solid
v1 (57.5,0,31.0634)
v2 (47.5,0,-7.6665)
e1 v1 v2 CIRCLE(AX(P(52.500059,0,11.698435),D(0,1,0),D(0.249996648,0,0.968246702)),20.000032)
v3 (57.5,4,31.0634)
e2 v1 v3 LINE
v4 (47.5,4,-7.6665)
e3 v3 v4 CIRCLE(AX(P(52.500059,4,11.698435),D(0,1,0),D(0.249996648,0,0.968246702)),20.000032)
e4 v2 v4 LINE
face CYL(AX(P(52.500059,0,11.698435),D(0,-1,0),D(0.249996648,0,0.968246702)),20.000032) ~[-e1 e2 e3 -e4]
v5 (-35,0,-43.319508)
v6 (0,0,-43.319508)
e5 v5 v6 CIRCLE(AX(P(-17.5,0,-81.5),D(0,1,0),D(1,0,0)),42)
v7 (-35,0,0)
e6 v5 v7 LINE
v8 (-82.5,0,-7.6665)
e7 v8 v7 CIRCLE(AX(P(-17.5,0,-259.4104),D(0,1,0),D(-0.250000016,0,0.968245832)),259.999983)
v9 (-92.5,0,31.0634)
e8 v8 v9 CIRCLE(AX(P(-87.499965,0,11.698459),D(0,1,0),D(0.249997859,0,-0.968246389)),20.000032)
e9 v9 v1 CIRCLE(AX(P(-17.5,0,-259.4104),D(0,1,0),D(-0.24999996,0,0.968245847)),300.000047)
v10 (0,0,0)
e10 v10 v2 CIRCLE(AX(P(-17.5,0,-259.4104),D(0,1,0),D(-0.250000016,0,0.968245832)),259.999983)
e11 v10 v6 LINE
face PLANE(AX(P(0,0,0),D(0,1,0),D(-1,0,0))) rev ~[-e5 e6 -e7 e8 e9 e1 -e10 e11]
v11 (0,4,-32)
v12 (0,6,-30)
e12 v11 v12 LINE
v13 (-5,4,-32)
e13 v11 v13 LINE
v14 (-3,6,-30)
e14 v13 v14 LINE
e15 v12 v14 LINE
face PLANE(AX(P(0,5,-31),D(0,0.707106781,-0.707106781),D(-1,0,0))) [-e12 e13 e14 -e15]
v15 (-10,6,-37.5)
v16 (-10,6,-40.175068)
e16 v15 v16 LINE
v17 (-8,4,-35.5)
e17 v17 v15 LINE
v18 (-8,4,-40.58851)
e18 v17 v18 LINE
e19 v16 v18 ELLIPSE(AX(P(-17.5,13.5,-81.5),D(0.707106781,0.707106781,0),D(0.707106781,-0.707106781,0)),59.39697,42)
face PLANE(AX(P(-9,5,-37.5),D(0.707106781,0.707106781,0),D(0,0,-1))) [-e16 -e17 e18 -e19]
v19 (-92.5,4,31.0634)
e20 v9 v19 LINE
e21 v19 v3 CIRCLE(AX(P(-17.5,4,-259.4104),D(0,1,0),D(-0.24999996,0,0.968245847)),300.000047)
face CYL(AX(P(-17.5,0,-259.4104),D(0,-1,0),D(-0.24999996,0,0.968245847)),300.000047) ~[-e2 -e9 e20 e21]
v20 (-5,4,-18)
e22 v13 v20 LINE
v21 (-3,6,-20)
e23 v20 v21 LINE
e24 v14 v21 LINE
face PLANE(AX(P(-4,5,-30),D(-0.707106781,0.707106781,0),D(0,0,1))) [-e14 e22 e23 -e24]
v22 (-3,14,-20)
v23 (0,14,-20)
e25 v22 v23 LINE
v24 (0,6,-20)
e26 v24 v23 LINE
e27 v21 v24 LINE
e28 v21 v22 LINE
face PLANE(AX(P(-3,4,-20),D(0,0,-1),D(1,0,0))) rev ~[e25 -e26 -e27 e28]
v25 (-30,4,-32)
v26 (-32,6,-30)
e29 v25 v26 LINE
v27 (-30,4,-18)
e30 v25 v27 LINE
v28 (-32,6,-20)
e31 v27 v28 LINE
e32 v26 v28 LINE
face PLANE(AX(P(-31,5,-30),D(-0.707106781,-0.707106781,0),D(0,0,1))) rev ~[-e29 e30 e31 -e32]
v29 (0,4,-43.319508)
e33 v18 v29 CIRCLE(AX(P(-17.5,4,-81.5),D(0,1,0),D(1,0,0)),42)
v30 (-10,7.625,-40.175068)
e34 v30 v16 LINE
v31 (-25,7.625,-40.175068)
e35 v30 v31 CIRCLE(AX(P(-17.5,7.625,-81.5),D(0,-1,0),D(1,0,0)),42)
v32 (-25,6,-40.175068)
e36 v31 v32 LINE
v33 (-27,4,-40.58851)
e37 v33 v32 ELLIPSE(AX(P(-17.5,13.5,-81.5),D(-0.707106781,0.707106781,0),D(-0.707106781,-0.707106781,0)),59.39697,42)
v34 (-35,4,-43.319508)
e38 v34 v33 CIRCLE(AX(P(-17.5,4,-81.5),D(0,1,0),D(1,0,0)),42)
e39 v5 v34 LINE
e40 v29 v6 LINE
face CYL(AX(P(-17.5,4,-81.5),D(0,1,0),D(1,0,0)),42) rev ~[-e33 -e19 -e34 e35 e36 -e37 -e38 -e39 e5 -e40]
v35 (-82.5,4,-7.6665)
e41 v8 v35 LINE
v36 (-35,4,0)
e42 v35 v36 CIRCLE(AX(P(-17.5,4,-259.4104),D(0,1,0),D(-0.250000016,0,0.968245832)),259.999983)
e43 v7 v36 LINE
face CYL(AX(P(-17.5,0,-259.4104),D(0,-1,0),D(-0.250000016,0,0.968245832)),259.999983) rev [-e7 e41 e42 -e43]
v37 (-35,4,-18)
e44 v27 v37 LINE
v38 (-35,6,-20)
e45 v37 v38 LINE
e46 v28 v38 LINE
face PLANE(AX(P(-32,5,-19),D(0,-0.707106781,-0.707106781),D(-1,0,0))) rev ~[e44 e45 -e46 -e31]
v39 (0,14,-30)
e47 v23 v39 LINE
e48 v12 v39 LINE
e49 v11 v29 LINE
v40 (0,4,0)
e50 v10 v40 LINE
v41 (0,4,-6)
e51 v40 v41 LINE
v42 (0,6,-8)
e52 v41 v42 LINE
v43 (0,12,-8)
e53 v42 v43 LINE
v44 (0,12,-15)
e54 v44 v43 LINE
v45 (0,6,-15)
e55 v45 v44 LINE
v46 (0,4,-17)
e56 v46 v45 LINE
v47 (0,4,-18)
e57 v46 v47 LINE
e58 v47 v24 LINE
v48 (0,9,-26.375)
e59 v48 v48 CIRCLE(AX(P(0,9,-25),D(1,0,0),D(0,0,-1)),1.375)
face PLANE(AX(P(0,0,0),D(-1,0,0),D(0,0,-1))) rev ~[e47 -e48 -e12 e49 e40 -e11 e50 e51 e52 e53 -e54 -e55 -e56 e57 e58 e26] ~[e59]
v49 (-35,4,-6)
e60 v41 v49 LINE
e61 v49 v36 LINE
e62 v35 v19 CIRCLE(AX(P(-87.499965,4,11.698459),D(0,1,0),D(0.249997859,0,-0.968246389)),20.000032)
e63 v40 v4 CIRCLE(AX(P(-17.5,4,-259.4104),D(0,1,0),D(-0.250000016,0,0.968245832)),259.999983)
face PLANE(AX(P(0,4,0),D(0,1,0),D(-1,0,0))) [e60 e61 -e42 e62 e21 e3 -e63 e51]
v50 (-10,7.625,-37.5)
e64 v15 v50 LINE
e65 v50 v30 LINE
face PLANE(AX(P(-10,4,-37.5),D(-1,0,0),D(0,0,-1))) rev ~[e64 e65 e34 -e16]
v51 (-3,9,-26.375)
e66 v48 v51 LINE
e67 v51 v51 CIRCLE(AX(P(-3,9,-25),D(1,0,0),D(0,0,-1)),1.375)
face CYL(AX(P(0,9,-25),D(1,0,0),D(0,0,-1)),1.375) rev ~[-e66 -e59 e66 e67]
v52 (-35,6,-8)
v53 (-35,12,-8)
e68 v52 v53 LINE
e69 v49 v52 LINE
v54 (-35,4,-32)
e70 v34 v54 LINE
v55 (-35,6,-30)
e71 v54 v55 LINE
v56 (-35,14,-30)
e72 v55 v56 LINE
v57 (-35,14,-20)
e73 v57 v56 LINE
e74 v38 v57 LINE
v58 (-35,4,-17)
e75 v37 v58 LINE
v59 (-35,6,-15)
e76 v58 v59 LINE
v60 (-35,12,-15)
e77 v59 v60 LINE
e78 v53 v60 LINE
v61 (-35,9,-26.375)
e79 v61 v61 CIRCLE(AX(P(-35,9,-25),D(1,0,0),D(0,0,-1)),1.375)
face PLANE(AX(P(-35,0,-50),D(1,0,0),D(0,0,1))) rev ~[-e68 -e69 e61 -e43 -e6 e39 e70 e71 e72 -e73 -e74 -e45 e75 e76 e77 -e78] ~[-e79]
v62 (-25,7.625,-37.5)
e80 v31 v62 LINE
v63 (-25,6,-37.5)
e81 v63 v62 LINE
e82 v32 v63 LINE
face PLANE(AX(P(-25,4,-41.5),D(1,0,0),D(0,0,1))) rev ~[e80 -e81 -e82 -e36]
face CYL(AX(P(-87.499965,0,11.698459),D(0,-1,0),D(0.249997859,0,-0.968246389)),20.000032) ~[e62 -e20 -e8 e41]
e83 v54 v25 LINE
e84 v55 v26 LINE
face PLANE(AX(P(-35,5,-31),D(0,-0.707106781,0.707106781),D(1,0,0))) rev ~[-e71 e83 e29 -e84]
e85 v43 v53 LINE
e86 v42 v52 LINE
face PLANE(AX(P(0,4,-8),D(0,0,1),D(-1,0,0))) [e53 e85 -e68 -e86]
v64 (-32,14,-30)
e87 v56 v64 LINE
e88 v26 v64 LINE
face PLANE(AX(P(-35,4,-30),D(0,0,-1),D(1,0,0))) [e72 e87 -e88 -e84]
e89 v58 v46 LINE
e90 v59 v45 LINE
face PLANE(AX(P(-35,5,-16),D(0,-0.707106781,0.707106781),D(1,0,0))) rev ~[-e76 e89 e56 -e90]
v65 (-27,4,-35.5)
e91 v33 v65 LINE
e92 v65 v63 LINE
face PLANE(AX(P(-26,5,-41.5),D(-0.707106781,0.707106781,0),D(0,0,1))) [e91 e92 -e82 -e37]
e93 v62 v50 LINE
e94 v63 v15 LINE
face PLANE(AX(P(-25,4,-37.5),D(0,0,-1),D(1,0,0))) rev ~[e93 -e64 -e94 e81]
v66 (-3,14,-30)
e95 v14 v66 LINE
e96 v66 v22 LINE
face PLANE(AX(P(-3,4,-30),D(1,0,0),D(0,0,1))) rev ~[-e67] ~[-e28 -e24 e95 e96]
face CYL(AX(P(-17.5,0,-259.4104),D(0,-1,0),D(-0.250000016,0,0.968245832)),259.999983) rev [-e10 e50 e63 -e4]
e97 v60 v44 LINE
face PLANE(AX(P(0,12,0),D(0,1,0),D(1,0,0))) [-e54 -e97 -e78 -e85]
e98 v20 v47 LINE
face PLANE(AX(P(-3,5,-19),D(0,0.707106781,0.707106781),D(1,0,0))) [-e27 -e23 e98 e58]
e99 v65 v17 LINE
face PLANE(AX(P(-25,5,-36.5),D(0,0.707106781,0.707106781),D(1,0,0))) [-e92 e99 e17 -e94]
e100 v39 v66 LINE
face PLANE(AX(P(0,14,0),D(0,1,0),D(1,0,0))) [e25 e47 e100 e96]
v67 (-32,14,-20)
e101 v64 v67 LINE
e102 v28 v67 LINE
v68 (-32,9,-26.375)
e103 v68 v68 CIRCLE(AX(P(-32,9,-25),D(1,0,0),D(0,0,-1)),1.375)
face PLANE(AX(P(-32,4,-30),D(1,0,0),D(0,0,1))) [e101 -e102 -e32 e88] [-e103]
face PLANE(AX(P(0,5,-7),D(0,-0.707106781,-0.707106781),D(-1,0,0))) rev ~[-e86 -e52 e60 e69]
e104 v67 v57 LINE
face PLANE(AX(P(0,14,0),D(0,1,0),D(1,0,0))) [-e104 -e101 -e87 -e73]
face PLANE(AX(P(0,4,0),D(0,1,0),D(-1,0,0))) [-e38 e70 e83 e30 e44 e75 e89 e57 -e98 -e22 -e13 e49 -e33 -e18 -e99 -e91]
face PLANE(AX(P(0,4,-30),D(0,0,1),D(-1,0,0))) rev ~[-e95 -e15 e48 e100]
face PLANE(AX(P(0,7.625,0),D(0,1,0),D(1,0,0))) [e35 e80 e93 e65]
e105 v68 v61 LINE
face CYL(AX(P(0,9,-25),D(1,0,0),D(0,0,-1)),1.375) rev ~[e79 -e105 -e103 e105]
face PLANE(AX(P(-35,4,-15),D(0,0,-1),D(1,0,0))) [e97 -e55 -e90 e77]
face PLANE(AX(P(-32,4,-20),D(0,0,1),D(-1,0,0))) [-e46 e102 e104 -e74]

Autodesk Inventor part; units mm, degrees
ref_plane "YZ Plane" through (0, 0, 0) normal (1, 0, 0) x (0, 1, 0)
ref_plane "XZ Plane" through (0, 0, 0) normal (0, 1, 0) x (-1, 0, 0)
ref_plane "XY Plane" through (0, 0, 0) normal (0, 0, 1) x (1, 0, 0)
sketch "Sketch1" plane through (0, 0, 0) normal (0, 1, 0) x (-1, 0, 0)
  arc A0 (92.5, 31.0634) -> (-57.5, 31.0634) centre (17.5, -259.4104) ccw
  arc A1 (82.5, -7.6665) -> (92.5, 31.0634) centre (87.5, 11.6984) ccw
  arc A2 (-57.5, 31.0634) -> (-47.5, -7.6665) centre (-52.5, 11.6984) ccw
  arc A3 (82.5, -7.6665) -> (-47.5, -7.6665) centre (17.5, -259.4104) ccw
  line L0 (35, 0) -> (0, 0)
  line L1 (0, 0) -> (0, -50)
  line L2 (0, -50) -> (35, -50)
  line L3 (35, -50) -> (35, 0)
  point P0 (40, -0.7704)
  dimension "d0" = 140
  dimension "d1" = 20
  dimension "d2" = 52.5
  dimension "d4" = 300
  dimension "d5" = 50
  dimension "d8" = 35
  dimension "d9" = 52.5
extrude "Extrusion1" add sketch "Sketch1" along normal blind 4
sketch "Sketch2" plane through (0, 4, 0) normal (0, 1, 0) x (1, 0, 0)
  line L0 (0, 30) -> (-3, 30)
  line L1 (-3, 30) -> (-3, 20)
  line L2 (-3, 20) -> (0, 20)
  line L3 (0, 20) -> (0, 30)
  line L4 (-35, 30) -> (-32, 30)
  line L5 (-32, 30) -> (-32, 20)
  line L6 (-32, 20) -> (-35, 20)
  line L7 (-35, 20) -> (-35, 30)
  line L8 (0, 0) -> (0, 50) projected
  line L9 (-35, 50) -> (-35, 0) projected
  point P0 (-35, 25)
  dimension "d10" = 3
  dimension "d11" = 3
  dimension "d12" = 10
extrude "Extrusion2" add sketch "Sketch2" along normal blind 10
sketch "Sketch3" plane through (0, 4, 0) normal (0, 1, 0) x (1, 0, 0)
  line L0 (-35, 15) -> (0, 15)
  line L1 (0, 15) -> (0, 8)
  line L2 (0, 8) -> (-35, 8)
  line L3 (-35, 8) -> (-35, 15)
  line L4 (0, 0) -> (0, 20) projected
  line L5 (-35, 20) -> (-35, 0) projected
  line L6 (-35, 50) -> (-35, 0) projected
  point P0 (-35, 25)
  dimension "d15" = 7
  dimension "d16" = 10
extrude "Extrusion3" add sketch "Sketch3" along normal blind 8
sketch "Sketch4" plane through (0, 0, 0) normal (1, 0, 0) x (0, 0, -1)
  circle A0 centre (25, 9) radius 1.375
  line L0 (30, 4) -> (30, 14) projected
  line L1 (20, 14) -> (30, 14) projected
  point P0 (0, 0)
  point P1 (30, 9)
  point P2 (25, 14)
  dimension "d19" = 2.75
extrude "Extrusion4" cut sketch "Sketch4" against normal through all
sketch "Sketch5" plane through (0, 4, 0) normal (0, 1, 0) x (1, 0, 0)
  line L0 (-25, 37.5) -> (-10, 37.5)
  line L1 (-10, 37.5) -> (-10, 41.5)
  line L2 (-10, 41.5) -> (-25, 41.5)
  line L3 (-25, 41.5) -> (-25, 37.5)
  line L4 (0, 20) -> (0, 30) projected
  line L5 (-35, 50) -> (-35, 30) projected
  line L6 (0, 30) -> (0, 50) projected
  point P0 (0, 0)
  point P1 (-10, 39.5)
  point P2 (0, 25)
  dimension "d22" = 4
  dimension "d23" = 15
  dimension "d26" = 14.5
  dimension "d27" = 10
  dimension "d28" = 10
extrude "Extrusion5" add sketch "Sketch5" along normal blind 3.625
chamfer "Chamfer1" distance 2 angle 45 12 edges at (-17.5, 4, -15) (-32, 4, -25) (-33.5, 4, -30) (-33.5, 4, -20) (-17.5, 4, -8) (-3, 4, -25) (-1.5, 4, -30) (-1.5, 4, -20) (-10, 4, -39.5) (-17.5, 4, -41.5) (-17.5, 4, -37.5) (-25, 4, -39.5)
sketch "Sketch6" plane through (0, 4, 0) normal (0, 1, 0) x (1, 0, 0)
  circle A0 centre (-17.5, 81.5) radius 42
  line L0 (0, 0) -> (0, 50) projected
  line L1 (0, 50) -> (-35, 50) projected
  point P0 (0, 25)
  point P1 (-17.5, 50)
  dimension "d32" = 56.5
  dimension "d33" = 84
extrude "Extrusion6" cut sketch "Sketch6" along normal through all both and the other way through all
equation "\"d2\" = d9"
equation "\"d11\" = d10"
equation "\"d27\" = d28"
properties part number "paddle"
